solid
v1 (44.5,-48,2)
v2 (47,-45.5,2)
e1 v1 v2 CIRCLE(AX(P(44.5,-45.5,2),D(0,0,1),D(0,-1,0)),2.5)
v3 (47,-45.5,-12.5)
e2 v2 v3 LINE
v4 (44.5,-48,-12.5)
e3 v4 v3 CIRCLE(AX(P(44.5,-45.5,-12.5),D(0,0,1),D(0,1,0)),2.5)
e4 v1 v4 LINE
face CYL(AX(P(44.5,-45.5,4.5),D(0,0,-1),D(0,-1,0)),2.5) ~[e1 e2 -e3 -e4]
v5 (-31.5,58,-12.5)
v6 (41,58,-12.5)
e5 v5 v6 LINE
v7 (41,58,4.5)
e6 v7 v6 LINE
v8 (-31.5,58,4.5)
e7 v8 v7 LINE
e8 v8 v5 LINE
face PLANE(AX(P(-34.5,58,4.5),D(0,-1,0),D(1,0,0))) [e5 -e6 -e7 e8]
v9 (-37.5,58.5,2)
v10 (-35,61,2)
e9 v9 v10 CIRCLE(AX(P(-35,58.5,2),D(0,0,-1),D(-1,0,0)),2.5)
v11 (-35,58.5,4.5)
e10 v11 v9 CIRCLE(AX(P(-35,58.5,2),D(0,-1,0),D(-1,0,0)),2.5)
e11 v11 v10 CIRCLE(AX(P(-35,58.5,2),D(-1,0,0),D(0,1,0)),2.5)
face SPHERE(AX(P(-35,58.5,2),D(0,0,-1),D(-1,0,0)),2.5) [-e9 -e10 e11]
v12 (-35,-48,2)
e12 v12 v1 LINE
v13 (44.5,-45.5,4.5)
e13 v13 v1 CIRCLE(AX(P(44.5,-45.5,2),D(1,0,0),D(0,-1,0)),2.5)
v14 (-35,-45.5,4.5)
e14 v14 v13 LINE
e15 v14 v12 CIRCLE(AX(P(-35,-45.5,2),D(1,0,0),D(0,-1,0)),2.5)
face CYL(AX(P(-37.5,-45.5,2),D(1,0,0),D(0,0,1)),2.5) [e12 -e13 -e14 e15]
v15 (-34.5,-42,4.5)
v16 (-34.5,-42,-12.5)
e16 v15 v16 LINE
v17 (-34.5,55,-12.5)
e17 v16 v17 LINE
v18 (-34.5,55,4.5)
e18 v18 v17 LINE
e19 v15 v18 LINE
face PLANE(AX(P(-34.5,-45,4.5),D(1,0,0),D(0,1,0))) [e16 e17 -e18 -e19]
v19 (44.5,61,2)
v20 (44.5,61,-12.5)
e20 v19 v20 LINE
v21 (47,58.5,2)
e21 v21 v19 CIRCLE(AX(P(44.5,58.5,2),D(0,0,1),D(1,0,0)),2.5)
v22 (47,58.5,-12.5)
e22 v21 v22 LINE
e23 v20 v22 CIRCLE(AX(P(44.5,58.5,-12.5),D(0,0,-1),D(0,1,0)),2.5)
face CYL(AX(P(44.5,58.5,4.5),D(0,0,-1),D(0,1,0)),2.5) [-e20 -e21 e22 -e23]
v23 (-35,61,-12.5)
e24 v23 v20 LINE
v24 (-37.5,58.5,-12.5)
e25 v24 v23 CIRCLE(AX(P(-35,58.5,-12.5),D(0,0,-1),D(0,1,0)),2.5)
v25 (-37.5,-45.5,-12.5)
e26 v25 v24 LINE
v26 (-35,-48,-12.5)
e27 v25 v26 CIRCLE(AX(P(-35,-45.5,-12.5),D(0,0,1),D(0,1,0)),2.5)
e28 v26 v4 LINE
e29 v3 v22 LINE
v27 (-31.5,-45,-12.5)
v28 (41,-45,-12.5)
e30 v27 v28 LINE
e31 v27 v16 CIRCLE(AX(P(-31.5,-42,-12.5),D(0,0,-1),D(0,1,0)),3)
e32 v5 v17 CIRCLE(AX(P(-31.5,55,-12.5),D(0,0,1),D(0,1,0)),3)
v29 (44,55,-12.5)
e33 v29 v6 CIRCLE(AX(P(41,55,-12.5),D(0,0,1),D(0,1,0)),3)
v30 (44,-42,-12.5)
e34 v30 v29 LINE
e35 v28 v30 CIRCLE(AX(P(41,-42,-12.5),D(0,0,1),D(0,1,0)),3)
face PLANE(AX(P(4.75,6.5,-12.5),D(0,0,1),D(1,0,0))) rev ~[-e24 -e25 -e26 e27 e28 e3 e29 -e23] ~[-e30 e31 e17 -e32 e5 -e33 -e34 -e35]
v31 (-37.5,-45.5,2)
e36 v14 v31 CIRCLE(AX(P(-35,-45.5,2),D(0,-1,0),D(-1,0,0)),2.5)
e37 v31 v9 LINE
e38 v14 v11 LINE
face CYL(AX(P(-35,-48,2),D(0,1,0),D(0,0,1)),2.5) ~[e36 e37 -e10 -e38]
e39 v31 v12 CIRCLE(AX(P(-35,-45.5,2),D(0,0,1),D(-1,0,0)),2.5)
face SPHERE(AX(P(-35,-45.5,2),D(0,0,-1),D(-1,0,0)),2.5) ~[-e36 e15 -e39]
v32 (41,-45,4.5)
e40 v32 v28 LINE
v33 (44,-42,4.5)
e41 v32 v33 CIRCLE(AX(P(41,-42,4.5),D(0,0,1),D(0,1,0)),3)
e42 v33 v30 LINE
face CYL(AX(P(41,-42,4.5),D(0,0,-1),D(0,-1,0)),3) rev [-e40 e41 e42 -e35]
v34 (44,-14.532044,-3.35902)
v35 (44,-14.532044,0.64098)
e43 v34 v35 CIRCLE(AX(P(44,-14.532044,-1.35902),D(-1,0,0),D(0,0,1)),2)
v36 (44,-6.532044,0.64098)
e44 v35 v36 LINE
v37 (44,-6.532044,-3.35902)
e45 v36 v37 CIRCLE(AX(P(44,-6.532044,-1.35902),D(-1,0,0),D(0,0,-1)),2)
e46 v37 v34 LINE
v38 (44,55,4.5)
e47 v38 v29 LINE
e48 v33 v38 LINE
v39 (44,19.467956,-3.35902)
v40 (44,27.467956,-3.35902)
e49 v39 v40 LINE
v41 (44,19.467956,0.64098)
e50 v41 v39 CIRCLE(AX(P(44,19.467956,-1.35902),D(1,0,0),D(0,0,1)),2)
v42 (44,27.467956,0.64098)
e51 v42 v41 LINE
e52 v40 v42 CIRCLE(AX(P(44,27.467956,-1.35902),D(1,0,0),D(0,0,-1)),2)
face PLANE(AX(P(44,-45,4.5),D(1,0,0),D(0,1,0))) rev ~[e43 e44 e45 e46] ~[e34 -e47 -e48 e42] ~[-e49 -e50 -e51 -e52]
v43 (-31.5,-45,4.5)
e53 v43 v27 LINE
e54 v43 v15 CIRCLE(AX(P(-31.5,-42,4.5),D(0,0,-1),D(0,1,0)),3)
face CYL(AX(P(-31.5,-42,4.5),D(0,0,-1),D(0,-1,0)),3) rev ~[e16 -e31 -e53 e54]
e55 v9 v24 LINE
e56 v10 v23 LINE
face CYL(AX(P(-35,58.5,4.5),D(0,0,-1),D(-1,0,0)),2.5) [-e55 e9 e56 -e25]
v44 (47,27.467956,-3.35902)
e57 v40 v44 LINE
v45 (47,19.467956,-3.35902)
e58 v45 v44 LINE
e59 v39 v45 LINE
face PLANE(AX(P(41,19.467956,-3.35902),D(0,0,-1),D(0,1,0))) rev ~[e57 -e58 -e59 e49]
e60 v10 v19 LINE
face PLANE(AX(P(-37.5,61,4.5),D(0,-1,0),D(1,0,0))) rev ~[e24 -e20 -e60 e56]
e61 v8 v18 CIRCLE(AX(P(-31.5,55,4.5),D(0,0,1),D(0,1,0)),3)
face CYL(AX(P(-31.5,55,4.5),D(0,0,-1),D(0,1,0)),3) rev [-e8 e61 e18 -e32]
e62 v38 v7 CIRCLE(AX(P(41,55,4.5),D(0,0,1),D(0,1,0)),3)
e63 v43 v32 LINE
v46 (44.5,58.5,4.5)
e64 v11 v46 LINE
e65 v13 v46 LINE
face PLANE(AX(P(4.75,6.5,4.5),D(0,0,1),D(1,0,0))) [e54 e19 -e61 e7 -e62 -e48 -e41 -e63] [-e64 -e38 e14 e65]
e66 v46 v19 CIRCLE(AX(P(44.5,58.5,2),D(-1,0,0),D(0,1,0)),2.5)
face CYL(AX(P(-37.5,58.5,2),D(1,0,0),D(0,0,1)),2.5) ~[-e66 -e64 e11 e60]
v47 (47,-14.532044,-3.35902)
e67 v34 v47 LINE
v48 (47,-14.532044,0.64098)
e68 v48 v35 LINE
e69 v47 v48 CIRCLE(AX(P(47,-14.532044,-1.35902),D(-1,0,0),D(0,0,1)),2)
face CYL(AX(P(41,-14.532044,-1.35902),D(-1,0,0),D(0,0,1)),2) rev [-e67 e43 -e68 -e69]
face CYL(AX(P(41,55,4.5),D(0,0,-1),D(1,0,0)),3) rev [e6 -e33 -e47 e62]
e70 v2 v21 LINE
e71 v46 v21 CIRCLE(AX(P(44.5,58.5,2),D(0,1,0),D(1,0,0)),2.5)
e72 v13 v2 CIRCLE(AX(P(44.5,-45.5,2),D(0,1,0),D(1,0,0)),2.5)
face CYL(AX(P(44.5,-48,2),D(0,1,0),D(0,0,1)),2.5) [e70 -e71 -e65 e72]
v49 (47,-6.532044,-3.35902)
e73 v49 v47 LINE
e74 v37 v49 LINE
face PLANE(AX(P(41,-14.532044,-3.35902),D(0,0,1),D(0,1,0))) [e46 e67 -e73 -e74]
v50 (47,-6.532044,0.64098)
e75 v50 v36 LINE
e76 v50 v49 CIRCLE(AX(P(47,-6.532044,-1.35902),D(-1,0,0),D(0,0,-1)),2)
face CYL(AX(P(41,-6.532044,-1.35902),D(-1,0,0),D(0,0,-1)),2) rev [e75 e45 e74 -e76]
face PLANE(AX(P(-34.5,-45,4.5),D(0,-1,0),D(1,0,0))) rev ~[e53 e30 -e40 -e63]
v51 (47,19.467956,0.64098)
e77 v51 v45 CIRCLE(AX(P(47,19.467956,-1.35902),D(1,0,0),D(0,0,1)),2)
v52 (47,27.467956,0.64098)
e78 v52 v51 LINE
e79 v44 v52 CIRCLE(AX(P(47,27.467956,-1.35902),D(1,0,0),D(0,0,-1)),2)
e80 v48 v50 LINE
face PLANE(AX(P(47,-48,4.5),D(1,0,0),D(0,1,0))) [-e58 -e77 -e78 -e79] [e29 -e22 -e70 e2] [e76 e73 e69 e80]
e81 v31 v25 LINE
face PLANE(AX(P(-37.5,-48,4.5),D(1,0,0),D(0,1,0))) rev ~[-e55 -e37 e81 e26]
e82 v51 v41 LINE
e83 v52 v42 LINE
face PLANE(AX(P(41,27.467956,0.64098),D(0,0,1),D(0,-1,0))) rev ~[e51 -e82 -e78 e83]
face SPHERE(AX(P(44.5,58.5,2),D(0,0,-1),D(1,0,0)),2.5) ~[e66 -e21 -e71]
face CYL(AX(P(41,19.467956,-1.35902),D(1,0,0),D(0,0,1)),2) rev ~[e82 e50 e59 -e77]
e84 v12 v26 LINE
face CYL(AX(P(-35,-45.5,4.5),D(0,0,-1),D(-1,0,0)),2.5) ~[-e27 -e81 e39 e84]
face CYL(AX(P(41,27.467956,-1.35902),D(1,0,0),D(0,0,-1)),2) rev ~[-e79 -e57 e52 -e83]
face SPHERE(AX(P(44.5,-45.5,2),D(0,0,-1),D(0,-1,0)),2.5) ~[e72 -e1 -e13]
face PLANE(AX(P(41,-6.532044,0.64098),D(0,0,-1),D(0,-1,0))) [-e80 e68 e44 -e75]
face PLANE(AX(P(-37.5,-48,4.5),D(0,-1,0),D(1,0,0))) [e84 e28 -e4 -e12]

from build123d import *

# Parameters (mm, degrees)
SKETCH010_W     = 84.5
SKETCH010_H     = 109
SKETCH010_W_2   = 78.5
SKETCH010_H_2   = 103
PAD004_DEPTH    = 17
FILLET_R        = 3
FILLET002_R     = 2.5
POCKET025_DEPTH = 9.5


with BuildPart() as part:
    # Sketch010 → Pad004 (new body)
    with BuildSketch(Plane.XY):
        with Locations((4.75, 6.5)):
            Rectangle(SKETCH010_W, SKETCH010_H)
        with Locations((4.75, 6.5)):
            Rectangle(SKETCH010_W_2, SKETCH010_H_2, mode=Mode.SUBTRACT)
    extrude(amount=-PAD004_DEPTH)

    # Fillet
    fillet_edges = [part.edges().sort_by_distance(p)[0] for p in [
        (-34.5, 58, -8.5),
        (-34.5, -45, -8.5),
        (44, 58, -8.5),
        (44, -45, -8.5),
    ]]
    fillet(fillet_edges, radius=FILLET_R)

    # Fillet002
    fillet002_edges = [part.edges().sort_by_distance(p)[0] for p in [
        (47, 61, -8.5),
        (-37.5, 61, -8.5),
        (47, -48, -8.5),
        (-37.5, -48, -8.5),
        (-37.5, 6.5, 0),
        (4.75, -48, 0),
        (47, 6.5, 0),
        (4.75, 61, 0),
    ]]
    fillet(fillet002_edges, radius=FILLET002_R)

    # Sketch058 → Pocket025 (cut, symmetric)
    with BuildSketch(Plane.YZ.offset(41)):
        with BuildLine():
            ThreePointArc((-14.532044, -3.85902), (-16.532044, -5.85902), (-14.532044, -7.85902))
            Line((-14.532044, -7.85902), (-6.532044, -7.85902))
            ThreePointArc((-6.532044, -7.85902), (-4.532044, -5.85902), (-6.532044, -3.85902))
            Line((-6.532044, -3.85902), (-14.532044, -3.85902))
        make_face()
        with BuildLine():
            ThreePointArc((19.467956, -3.85902), (17.467956, -5.85902), (19.467956, -7.85902))
            Line((19.467956, -7.85902), (27.467956, -7.85902))
            ThreePointArc((27.467956, -7.85902), (29.467956, -5.85902), (27.467956, -3.85902))
            Line((27.467956, -3.85902), (19.467956, -3.85902))
        make_face()
    extrude(amount=POCKET025_DEPTH, both=True, mode=Mode.SUBTRACT)


with BuildPart() as part_1:
    # Body005 placement: moved
    add(part.part.moved(Location((0, 0, 4.5))))


solid = part_1.part
